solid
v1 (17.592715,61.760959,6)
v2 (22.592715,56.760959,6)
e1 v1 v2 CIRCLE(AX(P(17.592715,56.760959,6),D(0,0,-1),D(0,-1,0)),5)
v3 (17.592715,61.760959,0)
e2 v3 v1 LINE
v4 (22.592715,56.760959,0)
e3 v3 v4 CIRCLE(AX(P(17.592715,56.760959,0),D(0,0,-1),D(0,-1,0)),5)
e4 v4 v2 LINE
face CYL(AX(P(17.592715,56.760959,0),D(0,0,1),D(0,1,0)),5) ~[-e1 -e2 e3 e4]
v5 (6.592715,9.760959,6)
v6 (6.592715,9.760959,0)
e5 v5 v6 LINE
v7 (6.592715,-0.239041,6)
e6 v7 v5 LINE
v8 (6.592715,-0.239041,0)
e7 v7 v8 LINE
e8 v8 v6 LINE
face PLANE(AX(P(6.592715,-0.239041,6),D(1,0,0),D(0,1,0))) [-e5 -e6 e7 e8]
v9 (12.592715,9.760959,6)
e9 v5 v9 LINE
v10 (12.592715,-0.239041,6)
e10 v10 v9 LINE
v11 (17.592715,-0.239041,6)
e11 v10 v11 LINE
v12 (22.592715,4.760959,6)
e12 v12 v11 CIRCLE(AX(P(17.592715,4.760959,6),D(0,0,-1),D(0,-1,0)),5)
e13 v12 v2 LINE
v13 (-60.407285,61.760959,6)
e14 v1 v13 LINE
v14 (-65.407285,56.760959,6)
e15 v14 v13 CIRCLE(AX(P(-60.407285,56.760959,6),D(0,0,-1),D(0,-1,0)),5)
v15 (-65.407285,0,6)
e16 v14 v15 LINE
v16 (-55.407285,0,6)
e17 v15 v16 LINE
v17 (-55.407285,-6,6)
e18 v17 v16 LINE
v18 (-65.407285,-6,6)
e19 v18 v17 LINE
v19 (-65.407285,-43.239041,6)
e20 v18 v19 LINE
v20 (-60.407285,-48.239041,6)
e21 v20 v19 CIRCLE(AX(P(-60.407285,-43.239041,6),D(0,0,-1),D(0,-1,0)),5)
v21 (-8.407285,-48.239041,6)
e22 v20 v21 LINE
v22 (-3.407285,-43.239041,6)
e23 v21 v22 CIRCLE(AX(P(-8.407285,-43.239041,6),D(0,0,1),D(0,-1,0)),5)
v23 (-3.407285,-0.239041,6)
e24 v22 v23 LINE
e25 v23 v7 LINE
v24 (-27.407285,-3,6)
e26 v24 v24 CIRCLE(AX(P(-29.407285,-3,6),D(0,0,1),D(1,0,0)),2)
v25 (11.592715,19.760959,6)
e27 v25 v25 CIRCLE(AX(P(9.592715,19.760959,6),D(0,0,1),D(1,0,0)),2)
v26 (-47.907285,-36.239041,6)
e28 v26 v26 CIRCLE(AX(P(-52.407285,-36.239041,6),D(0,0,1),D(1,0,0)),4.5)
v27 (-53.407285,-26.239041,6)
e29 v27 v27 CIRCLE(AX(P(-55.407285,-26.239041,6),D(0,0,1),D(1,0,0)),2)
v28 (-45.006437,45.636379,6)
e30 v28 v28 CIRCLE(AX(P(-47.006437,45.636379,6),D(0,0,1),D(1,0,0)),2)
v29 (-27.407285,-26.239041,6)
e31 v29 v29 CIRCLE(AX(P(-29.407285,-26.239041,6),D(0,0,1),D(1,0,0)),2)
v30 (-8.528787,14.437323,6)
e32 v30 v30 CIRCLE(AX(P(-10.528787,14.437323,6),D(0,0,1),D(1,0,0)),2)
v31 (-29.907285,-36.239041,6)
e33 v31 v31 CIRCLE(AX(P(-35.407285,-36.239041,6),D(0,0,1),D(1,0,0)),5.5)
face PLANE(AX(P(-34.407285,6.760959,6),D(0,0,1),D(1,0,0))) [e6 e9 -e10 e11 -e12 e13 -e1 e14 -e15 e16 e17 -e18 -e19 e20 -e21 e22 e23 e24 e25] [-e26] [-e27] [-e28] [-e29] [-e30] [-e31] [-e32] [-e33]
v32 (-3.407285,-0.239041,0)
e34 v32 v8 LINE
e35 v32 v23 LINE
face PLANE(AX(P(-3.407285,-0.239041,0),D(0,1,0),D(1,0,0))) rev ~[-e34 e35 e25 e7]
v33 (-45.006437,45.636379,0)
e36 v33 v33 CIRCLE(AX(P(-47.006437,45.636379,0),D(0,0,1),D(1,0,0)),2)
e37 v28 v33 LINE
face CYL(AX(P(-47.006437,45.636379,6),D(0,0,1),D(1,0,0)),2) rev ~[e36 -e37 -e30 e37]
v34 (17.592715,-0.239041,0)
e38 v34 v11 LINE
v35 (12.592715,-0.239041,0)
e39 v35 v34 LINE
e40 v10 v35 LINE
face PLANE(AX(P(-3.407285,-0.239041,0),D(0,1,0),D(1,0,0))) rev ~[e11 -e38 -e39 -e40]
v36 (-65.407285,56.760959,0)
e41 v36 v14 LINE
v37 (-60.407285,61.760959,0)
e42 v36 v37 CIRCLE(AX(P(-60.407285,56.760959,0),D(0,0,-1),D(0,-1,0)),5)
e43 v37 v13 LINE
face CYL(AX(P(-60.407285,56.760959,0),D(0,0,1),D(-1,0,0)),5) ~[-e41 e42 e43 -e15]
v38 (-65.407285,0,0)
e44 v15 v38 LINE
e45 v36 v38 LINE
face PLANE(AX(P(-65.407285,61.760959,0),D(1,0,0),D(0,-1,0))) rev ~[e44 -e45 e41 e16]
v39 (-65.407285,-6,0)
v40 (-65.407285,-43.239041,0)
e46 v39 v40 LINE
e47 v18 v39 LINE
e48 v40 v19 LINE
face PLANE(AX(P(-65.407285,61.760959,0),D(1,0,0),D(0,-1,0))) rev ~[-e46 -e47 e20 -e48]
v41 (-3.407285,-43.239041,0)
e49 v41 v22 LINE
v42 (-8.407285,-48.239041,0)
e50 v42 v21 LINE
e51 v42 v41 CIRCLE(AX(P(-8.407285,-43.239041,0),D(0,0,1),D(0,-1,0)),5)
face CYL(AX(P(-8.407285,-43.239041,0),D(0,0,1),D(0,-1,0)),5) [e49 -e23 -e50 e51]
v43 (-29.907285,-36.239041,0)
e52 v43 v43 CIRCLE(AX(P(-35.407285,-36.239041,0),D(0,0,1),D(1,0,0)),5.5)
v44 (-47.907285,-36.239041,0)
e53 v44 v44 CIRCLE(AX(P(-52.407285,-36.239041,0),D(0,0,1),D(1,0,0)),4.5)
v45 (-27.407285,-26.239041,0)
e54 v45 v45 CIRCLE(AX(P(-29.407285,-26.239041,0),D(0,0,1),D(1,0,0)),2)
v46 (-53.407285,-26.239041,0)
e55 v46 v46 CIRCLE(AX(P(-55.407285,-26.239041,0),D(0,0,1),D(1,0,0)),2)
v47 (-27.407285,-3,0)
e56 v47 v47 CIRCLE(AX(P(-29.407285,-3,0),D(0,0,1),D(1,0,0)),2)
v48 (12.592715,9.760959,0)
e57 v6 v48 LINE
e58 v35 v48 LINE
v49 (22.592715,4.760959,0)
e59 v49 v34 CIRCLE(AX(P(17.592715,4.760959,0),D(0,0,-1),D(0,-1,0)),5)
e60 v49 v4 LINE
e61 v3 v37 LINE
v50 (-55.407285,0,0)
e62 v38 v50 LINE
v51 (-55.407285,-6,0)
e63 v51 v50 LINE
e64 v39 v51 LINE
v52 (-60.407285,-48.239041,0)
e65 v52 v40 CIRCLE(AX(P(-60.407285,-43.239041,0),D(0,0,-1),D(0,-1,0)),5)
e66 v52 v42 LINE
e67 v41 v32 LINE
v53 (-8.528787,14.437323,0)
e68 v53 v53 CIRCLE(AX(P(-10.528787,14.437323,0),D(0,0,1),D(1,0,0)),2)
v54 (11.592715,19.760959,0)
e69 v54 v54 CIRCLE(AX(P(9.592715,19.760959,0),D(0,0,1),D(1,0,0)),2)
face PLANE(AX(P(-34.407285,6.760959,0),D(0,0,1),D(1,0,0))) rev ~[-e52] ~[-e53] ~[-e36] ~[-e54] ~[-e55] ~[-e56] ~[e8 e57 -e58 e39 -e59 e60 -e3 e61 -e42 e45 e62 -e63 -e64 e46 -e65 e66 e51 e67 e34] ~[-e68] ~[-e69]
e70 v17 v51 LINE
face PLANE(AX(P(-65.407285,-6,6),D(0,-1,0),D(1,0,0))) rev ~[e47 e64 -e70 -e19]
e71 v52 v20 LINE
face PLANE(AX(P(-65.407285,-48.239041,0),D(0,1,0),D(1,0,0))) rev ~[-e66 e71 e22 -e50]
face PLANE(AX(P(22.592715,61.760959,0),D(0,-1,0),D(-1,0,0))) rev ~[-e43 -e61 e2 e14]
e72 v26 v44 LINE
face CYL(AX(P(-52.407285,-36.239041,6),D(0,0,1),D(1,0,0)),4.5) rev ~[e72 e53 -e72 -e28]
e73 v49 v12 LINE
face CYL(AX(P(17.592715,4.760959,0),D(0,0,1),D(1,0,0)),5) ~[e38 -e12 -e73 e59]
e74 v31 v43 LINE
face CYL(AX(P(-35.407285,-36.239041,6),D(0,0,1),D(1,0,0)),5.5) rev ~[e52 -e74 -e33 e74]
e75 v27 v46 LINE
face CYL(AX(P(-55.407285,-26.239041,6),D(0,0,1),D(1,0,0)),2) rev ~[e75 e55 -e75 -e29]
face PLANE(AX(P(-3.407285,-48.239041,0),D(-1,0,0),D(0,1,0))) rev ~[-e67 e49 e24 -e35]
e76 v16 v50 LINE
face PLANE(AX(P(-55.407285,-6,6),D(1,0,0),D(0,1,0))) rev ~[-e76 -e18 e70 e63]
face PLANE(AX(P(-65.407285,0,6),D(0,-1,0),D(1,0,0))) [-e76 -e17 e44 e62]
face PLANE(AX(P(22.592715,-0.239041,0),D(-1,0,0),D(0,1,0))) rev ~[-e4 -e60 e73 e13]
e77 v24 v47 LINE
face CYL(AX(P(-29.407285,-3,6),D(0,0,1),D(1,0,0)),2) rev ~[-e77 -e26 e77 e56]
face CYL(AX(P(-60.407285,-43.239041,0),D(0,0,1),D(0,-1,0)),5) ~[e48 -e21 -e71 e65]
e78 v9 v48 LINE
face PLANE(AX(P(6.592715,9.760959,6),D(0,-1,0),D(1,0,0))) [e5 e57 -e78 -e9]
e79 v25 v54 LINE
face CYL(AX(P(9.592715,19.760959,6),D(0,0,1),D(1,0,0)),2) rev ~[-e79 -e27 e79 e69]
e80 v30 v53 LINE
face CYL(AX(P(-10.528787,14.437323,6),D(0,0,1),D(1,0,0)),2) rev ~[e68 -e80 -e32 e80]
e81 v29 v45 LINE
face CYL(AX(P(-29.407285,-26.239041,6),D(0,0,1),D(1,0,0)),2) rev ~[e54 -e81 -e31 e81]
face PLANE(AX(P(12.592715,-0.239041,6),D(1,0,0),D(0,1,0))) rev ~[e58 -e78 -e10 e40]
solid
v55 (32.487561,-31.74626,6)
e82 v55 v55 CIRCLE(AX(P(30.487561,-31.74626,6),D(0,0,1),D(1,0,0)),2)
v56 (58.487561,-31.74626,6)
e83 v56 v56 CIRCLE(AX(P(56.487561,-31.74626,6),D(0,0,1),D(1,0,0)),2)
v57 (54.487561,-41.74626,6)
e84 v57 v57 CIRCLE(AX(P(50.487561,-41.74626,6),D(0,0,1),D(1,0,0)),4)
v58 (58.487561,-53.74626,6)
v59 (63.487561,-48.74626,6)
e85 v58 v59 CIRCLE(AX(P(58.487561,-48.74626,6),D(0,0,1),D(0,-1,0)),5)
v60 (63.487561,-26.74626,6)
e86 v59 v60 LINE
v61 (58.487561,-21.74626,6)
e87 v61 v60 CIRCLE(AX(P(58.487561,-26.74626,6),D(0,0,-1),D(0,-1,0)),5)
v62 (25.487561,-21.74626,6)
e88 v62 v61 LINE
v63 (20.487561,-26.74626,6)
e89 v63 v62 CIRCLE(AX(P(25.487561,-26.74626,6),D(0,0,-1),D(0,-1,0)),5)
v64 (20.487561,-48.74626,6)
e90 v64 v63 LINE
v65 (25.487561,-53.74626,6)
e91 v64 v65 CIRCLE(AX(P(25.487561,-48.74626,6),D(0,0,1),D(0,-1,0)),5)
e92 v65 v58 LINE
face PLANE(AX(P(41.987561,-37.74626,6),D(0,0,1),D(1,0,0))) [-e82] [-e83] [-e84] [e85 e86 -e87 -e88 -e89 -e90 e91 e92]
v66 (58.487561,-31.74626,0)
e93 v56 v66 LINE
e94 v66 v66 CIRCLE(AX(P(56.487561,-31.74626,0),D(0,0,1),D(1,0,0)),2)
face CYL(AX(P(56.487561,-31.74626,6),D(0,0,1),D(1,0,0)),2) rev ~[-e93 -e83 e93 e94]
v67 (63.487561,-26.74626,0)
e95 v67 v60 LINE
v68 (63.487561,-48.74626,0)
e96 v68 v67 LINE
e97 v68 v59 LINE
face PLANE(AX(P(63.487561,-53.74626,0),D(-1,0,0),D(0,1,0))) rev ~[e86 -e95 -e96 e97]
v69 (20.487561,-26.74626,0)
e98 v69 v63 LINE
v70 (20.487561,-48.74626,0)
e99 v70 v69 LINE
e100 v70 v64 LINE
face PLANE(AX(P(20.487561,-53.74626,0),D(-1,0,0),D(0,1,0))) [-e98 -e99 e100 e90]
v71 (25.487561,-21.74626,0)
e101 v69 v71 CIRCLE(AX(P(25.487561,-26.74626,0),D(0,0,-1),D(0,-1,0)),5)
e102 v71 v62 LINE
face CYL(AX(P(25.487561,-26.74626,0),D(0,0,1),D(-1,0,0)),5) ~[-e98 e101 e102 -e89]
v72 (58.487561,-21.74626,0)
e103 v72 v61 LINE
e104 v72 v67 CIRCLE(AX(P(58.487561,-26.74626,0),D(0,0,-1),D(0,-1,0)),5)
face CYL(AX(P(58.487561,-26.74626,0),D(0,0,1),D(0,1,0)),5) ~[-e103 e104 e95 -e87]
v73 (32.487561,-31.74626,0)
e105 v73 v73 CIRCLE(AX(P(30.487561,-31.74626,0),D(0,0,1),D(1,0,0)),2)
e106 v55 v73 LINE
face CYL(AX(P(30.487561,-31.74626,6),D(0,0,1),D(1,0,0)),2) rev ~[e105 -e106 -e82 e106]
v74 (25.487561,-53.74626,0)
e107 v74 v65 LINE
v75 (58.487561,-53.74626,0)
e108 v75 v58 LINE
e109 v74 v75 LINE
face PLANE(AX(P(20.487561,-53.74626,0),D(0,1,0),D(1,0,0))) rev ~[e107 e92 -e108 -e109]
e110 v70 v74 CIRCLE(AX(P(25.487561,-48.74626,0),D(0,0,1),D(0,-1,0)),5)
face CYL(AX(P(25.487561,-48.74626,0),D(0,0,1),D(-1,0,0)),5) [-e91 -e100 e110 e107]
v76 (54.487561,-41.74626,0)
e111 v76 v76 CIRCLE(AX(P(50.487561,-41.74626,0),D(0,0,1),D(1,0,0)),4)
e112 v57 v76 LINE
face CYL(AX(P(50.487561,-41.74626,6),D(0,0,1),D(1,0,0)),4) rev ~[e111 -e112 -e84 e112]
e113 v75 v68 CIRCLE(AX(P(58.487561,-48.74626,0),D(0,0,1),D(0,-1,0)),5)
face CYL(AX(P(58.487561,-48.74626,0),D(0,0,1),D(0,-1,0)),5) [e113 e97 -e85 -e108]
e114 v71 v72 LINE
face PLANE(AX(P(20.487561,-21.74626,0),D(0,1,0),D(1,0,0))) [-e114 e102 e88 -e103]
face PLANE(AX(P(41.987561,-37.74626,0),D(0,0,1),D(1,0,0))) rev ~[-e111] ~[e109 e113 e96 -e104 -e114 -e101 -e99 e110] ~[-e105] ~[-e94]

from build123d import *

# Parameters (mm, degrees)
F0_W      = 26
F0_H      = 62
F1_DEPTH  = 6
F2_W      = 10
F2_H      = 6
F2_W_2    = 6
F2_H_2    = 10
F3_DEPTH  = 25
F4_R      = 4.5
F4_R_2    = 5.5
F4_R_3    = 2
F5_DEPTH  = 25
F6_R      = 5
F7_R      = 2
F8_DEPTH  = 25
F9_W      = 43
F9_H      = 32
F10_DEPTH = 6
F11_R     = 2
F11_R_2   = 4
F12_DEPTH = 25
F13_R     = 5
F14_R     = 2
F15_DEPTH = 25


with BuildPart() as f1:
    # F0 (on Top) → F1 (new body)
    with BuildSketch(Plane.XY):
        Polygon((-65.407285, -48.239041), (-3.407285, -48.239041), (-3.407285, -0.239041), (-3.407285, 61.760959), (-65.407285, 61.760959), align=None)
        with Locations((9.592715, 30.760959)):
            Rectangle(F0_W, F0_H)
    extrude(amount=F1_DEPTH)

    # F2 (on face) → F3 (cut)
    with BuildSketch(Plane.XY.offset(6)):
        with Locations((-60.407285, -3)):
            Rectangle(F2_W, F2_H)
        with Locations((9.592715, 4.760959)):
            Rectangle(F2_W_2, F2_H_2)
    extrude(amount=-F3_DEPTH, mode=Mode.SUBTRACT)

    # F4 (on face) → F5 (cut)
    with BuildSketch(Plane.XY.offset(6)):
        with Locations((-52.407285, -36.239041)):
            Circle(F4_R)
        with Locations((-35.407285, -36.239041)):
            Circle(F4_R_2)
        with Locations((-29.407285, -3)):
            Circle(F4_R_3)
        with Locations((9.592715, 19.760959)):
            Circle(F4_R_3)
    extrude(amount=-F5_DEPTH, mode=Mode.SUBTRACT)

    # F6
    f6_edges = [f1.edges().sort_by_distance(p)[0] for p in [
        (-65.407285, -48.239041, 3),
        (-3.407285, -48.239041, 3),
        (22.592715, -0.239041, 3),
        (22.592715, 61.760959, 3),
        (-65.407285, 61.760959, 3),
    ]]
    fillet(f6_edges, radius=F6_R)

    # F7 (on face) → F8 (cut)
    with BuildSketch(Plane.XY.offset(6)):
        with Locations((-55.407285, -26.239041)):
            Circle(F7_R)
        with Locations((-29.407285, -26.239041)):
            Circle(F7_R)
    extrude(amount=-F8_DEPTH, mode=Mode.SUBTRACT)

    # F14 (on face) → F15 (cut)
    with BuildSketch(Plane.XY.offset(6)):
        with Locations((-47.006437, 45.636379)):
            Circle(F14_R)
        with Locations((-10.528787, 14.437323)):
            Circle(F14_R)
    extrude(amount=-F15_DEPTH, mode=Mode.SUBTRACT)


with BuildPart() as f10:
    # F9 (on Top) → F10 (new body)
    with BuildSketch(Plane.XY):
        with Locations((41.987561, -37.74626)):
            Rectangle(F9_W, F9_H)
    extrude(amount=F10_DEPTH)

    # F11 (on face) → F12 (cut)
    with BuildSketch(Plane.XY.offset(6)):
        with Locations((30.487561, -31.74626)):
            Circle(F11_R)
        with Locations((50.487561, -41.74626)):
            Circle(F11_R_2)
        with Locations((56.487561, -31.74626)):
            Circle(F11_R)
    extrude(amount=-F12_DEPTH, mode=Mode.SUBTRACT)

    # F13
    f13_edges = [f10.edges().sort_by_distance(p)[0] for p in [
        (20.487561, -53.74626, 3),
        (63.487561, -53.74626, 3),
        (63.487561, -21.74626, 3),
        (20.487561, -21.74626, 3),
    ]]
    fillet(f13_edges, radius=F13_R)


solid = Compound([f1.part, f10.part])
